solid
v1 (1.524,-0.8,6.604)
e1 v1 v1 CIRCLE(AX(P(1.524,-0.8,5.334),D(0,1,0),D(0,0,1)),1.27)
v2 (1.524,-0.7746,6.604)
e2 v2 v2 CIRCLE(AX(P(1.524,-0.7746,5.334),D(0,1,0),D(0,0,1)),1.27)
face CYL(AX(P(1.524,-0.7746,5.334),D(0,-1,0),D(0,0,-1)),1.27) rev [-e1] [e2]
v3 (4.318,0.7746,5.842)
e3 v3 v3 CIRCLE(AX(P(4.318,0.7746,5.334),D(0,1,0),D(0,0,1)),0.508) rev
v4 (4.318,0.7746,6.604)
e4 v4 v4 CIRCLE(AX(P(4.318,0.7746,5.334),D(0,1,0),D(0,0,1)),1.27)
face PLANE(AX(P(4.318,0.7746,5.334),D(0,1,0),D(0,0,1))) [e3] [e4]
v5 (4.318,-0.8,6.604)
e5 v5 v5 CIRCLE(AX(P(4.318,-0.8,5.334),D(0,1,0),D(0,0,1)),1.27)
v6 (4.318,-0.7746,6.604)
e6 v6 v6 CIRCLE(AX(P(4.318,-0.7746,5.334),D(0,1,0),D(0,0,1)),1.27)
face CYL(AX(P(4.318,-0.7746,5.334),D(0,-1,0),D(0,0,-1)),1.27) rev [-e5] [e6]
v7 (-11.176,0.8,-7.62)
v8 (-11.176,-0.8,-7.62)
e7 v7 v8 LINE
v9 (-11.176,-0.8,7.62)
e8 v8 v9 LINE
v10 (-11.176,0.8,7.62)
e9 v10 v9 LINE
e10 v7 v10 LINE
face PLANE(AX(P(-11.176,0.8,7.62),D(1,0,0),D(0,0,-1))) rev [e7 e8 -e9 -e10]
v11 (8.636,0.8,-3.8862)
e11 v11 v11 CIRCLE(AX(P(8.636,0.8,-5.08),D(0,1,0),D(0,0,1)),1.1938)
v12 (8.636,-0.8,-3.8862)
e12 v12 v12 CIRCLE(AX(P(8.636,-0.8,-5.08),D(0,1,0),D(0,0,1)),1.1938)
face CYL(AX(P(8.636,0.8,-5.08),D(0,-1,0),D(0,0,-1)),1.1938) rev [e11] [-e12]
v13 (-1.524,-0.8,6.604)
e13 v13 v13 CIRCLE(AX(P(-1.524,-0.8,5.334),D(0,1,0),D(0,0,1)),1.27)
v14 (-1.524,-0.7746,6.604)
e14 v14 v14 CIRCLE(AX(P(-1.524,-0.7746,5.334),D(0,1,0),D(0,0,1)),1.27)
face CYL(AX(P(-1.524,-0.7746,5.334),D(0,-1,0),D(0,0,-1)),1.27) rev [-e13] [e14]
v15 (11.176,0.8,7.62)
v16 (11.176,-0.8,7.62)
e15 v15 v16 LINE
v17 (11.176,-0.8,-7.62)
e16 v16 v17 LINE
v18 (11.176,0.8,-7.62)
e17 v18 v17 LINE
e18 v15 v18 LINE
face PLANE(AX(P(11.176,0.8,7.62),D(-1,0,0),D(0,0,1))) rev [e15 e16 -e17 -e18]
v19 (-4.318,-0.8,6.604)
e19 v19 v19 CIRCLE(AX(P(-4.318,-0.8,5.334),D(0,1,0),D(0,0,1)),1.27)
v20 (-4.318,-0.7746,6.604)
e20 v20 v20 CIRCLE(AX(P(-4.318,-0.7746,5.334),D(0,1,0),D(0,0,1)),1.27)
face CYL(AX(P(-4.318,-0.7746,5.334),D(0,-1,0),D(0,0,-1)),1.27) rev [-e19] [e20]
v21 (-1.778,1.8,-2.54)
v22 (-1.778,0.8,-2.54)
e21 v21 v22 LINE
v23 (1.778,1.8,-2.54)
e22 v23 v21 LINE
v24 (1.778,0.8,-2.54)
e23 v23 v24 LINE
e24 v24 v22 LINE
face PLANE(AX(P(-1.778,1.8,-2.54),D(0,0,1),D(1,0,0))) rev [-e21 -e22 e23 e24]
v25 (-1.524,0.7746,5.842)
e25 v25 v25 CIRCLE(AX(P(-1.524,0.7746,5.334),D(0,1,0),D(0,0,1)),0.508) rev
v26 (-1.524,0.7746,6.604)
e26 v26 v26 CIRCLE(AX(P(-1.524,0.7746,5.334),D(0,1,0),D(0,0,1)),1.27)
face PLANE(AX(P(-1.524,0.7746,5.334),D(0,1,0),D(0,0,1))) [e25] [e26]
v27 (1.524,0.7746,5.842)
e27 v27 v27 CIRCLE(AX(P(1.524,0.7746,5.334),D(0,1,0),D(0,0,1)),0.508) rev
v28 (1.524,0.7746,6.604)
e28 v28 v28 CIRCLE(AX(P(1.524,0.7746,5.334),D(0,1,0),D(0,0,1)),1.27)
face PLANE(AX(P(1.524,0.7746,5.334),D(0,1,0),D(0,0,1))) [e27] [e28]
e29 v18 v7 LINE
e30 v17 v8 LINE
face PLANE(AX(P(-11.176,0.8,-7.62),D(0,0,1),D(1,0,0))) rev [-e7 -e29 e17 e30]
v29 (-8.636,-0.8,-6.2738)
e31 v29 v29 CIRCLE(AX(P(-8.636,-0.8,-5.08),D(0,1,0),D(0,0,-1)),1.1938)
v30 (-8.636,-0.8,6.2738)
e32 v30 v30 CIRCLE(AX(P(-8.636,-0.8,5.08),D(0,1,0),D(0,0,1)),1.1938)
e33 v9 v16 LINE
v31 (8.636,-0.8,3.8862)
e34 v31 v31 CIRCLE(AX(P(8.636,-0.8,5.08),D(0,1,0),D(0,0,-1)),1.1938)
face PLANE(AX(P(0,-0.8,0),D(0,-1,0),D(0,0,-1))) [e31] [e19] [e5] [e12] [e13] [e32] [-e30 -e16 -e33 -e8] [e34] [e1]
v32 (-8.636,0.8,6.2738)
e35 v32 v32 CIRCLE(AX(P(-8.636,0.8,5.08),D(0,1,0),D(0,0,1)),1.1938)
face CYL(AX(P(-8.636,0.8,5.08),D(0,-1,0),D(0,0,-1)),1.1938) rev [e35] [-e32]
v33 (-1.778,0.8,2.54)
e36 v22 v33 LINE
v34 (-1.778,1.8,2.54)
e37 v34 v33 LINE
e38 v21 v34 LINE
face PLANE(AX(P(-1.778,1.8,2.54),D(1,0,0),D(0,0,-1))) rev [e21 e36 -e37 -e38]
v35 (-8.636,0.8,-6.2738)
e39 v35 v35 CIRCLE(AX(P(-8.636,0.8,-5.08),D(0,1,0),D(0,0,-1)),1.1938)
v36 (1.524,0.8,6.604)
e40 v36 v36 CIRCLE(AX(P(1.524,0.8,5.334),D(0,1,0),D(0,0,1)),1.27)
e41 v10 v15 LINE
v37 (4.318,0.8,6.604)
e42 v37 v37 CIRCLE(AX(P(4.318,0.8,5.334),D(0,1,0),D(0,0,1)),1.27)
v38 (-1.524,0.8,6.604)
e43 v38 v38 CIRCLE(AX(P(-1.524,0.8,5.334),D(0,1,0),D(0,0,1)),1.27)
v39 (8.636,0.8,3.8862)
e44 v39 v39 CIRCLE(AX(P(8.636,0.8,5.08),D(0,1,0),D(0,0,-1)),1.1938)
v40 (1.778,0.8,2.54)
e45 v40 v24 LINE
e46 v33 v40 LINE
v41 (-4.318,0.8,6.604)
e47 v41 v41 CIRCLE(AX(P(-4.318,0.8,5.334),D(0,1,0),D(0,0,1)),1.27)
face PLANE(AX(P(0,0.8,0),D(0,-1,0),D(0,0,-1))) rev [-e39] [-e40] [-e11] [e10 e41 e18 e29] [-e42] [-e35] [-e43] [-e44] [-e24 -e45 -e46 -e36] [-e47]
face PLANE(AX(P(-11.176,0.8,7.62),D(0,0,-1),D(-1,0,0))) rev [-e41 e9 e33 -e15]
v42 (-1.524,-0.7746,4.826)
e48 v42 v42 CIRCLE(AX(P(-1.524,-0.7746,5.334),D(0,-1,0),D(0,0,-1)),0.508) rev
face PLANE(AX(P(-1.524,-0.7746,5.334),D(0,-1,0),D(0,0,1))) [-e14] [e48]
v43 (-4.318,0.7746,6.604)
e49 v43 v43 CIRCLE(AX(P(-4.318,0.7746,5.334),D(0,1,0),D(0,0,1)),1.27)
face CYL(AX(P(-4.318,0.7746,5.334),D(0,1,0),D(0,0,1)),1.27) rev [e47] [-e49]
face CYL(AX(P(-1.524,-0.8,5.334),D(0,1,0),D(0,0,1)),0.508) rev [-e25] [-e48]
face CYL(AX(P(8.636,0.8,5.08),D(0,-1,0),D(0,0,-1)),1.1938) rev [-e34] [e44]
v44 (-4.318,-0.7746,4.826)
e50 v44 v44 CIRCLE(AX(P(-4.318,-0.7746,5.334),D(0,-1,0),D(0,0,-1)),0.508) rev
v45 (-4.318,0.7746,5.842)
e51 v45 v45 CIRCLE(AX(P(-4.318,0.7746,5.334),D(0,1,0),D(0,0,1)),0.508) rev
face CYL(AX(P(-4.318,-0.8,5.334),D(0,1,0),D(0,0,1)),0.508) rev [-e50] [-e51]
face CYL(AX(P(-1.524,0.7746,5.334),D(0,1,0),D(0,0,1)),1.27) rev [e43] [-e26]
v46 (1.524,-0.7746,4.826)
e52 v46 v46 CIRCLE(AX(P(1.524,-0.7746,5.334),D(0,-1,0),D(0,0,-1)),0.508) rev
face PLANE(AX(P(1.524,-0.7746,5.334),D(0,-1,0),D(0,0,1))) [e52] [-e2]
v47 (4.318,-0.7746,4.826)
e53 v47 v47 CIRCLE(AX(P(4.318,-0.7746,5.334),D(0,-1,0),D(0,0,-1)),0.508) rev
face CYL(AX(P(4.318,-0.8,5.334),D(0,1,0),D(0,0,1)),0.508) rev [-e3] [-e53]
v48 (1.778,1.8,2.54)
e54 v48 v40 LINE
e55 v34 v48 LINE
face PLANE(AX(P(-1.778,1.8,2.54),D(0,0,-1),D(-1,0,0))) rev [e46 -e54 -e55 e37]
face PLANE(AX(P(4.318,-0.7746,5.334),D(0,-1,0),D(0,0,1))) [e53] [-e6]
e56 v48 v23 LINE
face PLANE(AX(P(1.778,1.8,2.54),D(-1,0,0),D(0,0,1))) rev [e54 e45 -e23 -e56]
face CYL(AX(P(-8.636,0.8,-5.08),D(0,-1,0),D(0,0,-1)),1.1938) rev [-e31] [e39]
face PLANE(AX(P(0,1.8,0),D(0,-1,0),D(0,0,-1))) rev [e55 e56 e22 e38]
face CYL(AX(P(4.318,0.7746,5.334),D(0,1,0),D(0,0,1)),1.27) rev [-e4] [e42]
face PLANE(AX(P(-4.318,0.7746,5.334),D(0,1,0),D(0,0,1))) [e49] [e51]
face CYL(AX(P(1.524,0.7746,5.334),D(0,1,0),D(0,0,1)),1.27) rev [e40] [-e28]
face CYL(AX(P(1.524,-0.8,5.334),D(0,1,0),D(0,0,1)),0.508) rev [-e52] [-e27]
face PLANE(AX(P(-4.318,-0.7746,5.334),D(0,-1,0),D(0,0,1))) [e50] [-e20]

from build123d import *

# Parameters (mm, degrees)
SKETCH1_W               = 22.352
SKETCH1_H               = 15.24
SKETCH1_R               = 1.1938
BOSS_EXTRUDE1_DEPTH     = 0.8
SKETCH2_W               = 3.556
SKETCH2_H               = 5.08
BOSS_EXTRUDE2_DEPTH     = 1
CUT_EXTRUDE1_DEPTH      = 14.620843439
CUT_EXTRUDE1_DEPTH_BACK = 14.620843439
SKETCH3_R               = 0.508
SKETCH4_R               = 1.27
CUT_EXTRUDE2_DEPTH      = 0.0254


with BuildPart() as part:
    # Sketch1 → Boss-Extrude1 (new, symmetric)
    with BuildSketch(Plane(origin=(0, 0, 0), x_dir=(1, 0, 0), z_dir=(0, 1, 0))):
        Rectangle(SKETCH1_W, SKETCH1_H)
        with Locations((8.636, 5.08)):
            Circle(SKETCH1_R, mode=Mode.SUBTRACT)
        with Locations((8.636, -5.08)):
            Circle(SKETCH1_R, mode=Mode.SUBTRACT)
        with Locations((-8.636, -5.08)):
            Circle(SKETCH1_R, mode=Mode.SUBTRACT)
        with Locations((-8.636, 5.08)):
            Circle(SKETCH1_R, mode=Mode.SUBTRACT)
    extrude(amount=BOSS_EXTRUDE1_DEPTH, both=True)

    # Sketch2 → Boss-Extrude2 (add)
    with BuildSketch(Plane(origin=(0, 0.8, 0), x_dir=(1, 0, 0), z_dir=(0, 1, 0))):
        Rectangle(SKETCH2_W, SKETCH2_H)
    extrude(amount=BOSS_EXTRUDE2_DEPTH)

    # Sketch3 → Cut-Extrude1 (cut, two sides: drawn at the far end of the back side and taken through both)
    with BuildSketch(Plane(origin=(0, 0.8, 0), x_dir=(1, 0, 0), z_dir=(0, 1, 0)).offset(-CUT_EXTRUDE1_DEPTH_BACK)):
        with Locations((-1.524, -5.334)):
            Circle(SKETCH3_R)
        with Locations((-4.318, -5.334)):
            Circle(SKETCH3_R)
        with Locations((4.318, -5.334)):
            Circle(SKETCH3_R)
        with Locations((1.524, -5.334)):
            Circle(SKETCH3_R)
    extrude(amount=CUT_EXTRUDE1_DEPTH + CUT_EXTRUDE1_DEPTH_BACK, mode=Mode.SUBTRACT)

    # Sketch4 → Cut-Extrude2 (cut)
    with BuildSketch(Plane(origin=(0, 0.8, 0), x_dir=(1, 0, 0), z_dir=(0, 1, 0))):
        with Locations((-4.318, -5.334)):
            Circle(SKETCH4_R)
        with Locations((-1.524, -5.334)):
            Circle(SKETCH4_R)
        with Locations((1.524, -5.334)):
            Circle(SKETCH4_R)
        with Locations((4.318, -5.334)):
            Circle(SKETCH4_R)
    cut_extrude2 = extrude(amount=-CUT_EXTRUDE2_DEPTH, mode=Mode.SUBTRACT)

    # Mirror1: Cut-Extrude2 across plane
    add(cut_extrude2.mirror(Plane.ZX), mode=Mode.SUBTRACT)


solid = part.part
